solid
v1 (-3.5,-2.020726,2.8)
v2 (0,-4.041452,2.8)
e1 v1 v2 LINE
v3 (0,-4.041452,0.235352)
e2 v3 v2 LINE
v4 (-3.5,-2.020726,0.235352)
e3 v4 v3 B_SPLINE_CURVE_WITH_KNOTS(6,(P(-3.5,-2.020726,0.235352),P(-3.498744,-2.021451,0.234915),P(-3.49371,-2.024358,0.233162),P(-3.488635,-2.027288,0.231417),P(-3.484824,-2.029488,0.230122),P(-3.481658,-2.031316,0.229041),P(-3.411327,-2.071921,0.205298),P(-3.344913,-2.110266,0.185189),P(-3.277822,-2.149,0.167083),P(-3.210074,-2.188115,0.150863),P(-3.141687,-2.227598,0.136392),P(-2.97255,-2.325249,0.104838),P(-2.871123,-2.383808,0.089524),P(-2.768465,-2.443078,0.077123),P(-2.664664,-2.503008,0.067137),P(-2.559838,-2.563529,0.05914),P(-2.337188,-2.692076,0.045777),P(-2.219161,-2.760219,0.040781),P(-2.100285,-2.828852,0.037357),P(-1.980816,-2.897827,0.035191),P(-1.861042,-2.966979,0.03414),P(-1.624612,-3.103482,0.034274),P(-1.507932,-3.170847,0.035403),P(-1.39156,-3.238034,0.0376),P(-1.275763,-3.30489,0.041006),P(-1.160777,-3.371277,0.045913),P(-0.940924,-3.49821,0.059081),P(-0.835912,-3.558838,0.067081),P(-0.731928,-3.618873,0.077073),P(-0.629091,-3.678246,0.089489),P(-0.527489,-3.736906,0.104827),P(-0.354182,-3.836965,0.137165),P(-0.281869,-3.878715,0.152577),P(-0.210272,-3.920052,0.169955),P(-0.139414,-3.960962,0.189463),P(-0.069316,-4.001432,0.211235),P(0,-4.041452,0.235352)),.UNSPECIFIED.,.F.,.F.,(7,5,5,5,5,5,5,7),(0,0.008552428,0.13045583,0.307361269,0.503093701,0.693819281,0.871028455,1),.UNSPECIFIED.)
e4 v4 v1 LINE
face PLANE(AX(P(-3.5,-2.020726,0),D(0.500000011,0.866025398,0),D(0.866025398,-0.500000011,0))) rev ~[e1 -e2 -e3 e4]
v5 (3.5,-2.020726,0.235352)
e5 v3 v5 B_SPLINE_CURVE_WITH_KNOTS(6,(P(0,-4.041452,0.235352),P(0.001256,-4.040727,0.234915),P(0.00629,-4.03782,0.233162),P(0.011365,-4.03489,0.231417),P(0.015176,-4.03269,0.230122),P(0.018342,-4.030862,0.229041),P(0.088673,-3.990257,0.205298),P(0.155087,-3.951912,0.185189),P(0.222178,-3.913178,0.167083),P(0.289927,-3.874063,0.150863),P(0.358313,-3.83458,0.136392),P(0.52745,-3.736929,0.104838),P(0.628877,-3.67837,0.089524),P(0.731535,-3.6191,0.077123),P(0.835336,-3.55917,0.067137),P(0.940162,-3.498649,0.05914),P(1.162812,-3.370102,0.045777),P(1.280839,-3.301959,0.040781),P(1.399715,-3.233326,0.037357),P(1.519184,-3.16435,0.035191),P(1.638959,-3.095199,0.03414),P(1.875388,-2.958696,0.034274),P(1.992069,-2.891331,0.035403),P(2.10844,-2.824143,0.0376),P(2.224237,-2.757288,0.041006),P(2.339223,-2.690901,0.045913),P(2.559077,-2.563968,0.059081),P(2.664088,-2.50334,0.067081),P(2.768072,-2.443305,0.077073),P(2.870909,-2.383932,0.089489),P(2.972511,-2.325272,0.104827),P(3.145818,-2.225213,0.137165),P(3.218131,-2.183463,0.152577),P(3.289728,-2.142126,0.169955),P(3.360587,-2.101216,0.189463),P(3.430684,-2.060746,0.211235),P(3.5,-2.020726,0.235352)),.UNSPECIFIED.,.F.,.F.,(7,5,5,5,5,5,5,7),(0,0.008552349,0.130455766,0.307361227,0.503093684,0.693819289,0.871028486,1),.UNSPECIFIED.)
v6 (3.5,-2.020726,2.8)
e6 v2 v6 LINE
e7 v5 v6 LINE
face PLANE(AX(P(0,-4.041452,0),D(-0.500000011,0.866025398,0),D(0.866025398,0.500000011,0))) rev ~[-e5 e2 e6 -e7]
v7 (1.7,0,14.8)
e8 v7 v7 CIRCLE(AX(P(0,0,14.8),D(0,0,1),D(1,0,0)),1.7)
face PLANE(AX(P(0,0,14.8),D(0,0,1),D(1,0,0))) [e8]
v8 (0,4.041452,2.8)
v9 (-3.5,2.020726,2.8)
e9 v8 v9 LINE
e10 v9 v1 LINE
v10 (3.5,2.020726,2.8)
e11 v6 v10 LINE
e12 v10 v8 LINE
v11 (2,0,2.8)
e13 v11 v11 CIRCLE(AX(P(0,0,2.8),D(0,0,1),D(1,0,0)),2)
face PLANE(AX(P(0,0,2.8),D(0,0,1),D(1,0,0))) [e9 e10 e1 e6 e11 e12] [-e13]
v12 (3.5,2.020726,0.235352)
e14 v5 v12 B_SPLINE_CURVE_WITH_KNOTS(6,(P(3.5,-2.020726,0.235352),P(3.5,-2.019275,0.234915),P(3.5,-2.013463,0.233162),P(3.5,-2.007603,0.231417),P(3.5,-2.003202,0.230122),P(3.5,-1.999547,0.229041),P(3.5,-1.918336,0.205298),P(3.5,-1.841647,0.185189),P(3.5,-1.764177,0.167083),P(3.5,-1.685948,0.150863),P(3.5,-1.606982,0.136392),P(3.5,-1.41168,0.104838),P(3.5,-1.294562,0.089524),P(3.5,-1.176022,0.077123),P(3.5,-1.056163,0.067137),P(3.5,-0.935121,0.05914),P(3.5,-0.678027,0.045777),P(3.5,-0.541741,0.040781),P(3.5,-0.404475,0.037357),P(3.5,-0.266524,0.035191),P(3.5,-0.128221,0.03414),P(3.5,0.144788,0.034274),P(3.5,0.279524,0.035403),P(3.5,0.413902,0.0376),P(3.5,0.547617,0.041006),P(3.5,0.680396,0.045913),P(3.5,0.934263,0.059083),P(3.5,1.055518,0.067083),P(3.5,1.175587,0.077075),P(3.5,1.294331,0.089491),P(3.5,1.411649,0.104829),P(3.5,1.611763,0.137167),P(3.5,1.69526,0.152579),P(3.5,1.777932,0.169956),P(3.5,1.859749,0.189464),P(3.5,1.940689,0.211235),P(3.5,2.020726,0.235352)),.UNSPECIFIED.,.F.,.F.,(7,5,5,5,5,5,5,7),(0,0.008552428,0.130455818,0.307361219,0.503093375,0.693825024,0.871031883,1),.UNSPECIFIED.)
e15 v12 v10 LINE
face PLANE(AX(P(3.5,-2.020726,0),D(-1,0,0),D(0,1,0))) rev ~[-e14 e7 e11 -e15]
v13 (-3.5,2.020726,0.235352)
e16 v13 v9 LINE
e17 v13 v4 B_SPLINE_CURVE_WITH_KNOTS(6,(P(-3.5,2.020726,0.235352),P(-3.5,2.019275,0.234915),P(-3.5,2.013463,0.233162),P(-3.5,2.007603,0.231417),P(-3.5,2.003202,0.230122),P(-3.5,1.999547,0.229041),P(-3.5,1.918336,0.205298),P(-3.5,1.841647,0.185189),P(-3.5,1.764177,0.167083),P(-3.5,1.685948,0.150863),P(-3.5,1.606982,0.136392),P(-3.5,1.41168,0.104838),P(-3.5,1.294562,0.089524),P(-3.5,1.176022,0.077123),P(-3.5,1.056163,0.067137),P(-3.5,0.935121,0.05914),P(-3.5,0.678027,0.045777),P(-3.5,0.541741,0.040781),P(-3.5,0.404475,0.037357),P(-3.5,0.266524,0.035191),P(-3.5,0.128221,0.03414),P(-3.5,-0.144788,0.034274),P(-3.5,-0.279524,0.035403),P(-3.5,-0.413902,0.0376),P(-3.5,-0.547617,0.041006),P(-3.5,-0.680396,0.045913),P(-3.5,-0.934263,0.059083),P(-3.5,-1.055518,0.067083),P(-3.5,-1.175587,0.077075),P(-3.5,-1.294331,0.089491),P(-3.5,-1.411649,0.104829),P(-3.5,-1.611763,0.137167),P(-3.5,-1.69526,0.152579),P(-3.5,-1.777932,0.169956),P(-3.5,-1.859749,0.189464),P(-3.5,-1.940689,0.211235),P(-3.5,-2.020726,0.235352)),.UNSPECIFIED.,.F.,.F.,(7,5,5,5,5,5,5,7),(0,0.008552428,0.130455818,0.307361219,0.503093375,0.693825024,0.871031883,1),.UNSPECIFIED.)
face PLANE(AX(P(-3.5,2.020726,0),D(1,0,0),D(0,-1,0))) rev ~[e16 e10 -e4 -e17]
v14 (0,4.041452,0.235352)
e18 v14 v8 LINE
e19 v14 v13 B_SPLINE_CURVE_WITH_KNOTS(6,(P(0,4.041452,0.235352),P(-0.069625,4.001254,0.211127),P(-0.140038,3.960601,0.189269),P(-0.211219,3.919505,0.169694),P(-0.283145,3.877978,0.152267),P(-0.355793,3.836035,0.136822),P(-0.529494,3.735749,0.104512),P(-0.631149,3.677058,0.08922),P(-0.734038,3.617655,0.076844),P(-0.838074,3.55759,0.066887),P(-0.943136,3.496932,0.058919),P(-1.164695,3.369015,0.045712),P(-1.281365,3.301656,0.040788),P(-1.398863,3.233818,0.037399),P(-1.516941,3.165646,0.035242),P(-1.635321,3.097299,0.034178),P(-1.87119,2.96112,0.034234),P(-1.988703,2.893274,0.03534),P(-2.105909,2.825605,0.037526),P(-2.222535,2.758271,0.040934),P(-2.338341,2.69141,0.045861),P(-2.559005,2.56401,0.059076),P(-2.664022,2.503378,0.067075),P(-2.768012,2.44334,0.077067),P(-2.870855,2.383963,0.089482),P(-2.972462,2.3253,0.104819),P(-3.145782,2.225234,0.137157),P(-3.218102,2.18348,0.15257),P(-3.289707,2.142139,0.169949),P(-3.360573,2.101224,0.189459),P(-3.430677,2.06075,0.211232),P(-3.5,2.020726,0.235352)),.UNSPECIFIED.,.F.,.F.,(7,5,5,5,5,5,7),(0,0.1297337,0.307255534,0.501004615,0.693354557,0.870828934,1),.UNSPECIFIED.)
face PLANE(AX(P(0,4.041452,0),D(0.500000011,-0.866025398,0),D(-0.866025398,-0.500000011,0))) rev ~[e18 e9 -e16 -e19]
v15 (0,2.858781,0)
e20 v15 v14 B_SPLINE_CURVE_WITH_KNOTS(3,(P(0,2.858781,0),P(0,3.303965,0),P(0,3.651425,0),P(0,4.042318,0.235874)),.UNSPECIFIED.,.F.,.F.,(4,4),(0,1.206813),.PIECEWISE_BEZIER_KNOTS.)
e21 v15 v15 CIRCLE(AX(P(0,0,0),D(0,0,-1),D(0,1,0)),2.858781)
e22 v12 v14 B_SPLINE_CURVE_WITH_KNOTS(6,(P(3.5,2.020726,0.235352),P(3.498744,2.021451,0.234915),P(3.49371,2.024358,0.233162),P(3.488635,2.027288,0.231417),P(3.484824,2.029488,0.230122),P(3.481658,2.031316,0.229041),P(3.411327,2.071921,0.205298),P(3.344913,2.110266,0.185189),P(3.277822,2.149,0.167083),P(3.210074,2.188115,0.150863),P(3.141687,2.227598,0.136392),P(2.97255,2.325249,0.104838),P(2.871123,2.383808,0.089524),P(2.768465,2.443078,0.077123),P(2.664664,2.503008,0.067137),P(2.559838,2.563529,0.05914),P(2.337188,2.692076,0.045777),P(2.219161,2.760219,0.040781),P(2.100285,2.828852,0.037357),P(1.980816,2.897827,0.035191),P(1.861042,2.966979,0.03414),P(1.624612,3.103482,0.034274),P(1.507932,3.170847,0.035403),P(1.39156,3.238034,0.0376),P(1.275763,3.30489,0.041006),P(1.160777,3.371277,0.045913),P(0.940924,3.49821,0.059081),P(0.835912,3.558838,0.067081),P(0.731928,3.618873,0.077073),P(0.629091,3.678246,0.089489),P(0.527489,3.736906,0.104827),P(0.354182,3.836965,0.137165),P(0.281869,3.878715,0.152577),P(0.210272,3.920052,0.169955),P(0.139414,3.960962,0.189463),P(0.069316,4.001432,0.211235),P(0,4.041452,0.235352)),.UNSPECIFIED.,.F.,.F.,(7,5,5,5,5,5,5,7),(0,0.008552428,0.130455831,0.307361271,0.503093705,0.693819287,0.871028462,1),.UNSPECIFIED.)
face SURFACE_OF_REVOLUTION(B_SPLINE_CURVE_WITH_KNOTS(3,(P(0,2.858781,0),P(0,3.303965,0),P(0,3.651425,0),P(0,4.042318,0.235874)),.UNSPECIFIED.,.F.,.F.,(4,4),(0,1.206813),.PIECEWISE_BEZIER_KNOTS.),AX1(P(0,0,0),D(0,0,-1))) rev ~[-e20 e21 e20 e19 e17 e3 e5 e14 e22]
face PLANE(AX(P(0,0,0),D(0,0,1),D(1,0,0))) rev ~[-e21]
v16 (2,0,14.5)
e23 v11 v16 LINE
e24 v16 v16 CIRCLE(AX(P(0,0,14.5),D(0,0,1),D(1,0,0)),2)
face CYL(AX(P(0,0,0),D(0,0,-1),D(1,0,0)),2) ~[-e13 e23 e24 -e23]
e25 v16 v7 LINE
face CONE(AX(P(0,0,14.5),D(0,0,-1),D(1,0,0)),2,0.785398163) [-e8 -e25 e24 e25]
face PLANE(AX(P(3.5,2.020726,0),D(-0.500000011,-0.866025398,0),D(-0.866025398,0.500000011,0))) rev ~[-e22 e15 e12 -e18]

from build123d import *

# Parameters (mm, degrees)
F0_R     = 2
F1_DEPTH = 14.8
F2_DEPTH = 2.8
F5_SIZE  = 0.3


with BuildPart() as f1:
    # F0 (on Top) → F1 (new body)
    with BuildSketch(Plane.XY):
        Circle(F0_R)
    extrude(amount=F1_DEPTH)

    # F0 (on Top) → F2 (join)
    with BuildSketch(Plane.XY):
        Polygon((3.5, 2.020726), (0, 4.041452), (-3.5, 2.020726), (-3.5, -2.020726), (0, -4.041452), (3.5, -2.020726), align=None)
        Circle(F0_R, mode=Mode.SUBTRACT)
    extrude(amount=F2_DEPTH)

    # F3 (on Right) → F4 (revolve, cut)
    with BuildSketch(Plane.YZ):
        with BuildLine():
            add(Edge.make_bspline(
                [(2.858781, 0), (3.303965, 0), (3.651425, 0), (4.042318, 0.235874)],
                knots=[0, 0, 0, 0, 1.206813, 1.206813, 1.206813, 1.206813], degree=3))
            Line((2.858781, 0), (4.043203, 0))
            Line((4.043203, 0), (4.042318, 0.235874))
        make_face()
    revolve(axis=Axis((0, 0, 0), (0, 0, -1)), mode=Mode.SUBTRACT)

    # F5
    f5_edges = [f1.edges().sort_by_distance(p)[0] for p in [
        (-2, 0, 14.8),
    ]]
    chamfer(f5_edges, length=F5_SIZE)


solid = f1.part
